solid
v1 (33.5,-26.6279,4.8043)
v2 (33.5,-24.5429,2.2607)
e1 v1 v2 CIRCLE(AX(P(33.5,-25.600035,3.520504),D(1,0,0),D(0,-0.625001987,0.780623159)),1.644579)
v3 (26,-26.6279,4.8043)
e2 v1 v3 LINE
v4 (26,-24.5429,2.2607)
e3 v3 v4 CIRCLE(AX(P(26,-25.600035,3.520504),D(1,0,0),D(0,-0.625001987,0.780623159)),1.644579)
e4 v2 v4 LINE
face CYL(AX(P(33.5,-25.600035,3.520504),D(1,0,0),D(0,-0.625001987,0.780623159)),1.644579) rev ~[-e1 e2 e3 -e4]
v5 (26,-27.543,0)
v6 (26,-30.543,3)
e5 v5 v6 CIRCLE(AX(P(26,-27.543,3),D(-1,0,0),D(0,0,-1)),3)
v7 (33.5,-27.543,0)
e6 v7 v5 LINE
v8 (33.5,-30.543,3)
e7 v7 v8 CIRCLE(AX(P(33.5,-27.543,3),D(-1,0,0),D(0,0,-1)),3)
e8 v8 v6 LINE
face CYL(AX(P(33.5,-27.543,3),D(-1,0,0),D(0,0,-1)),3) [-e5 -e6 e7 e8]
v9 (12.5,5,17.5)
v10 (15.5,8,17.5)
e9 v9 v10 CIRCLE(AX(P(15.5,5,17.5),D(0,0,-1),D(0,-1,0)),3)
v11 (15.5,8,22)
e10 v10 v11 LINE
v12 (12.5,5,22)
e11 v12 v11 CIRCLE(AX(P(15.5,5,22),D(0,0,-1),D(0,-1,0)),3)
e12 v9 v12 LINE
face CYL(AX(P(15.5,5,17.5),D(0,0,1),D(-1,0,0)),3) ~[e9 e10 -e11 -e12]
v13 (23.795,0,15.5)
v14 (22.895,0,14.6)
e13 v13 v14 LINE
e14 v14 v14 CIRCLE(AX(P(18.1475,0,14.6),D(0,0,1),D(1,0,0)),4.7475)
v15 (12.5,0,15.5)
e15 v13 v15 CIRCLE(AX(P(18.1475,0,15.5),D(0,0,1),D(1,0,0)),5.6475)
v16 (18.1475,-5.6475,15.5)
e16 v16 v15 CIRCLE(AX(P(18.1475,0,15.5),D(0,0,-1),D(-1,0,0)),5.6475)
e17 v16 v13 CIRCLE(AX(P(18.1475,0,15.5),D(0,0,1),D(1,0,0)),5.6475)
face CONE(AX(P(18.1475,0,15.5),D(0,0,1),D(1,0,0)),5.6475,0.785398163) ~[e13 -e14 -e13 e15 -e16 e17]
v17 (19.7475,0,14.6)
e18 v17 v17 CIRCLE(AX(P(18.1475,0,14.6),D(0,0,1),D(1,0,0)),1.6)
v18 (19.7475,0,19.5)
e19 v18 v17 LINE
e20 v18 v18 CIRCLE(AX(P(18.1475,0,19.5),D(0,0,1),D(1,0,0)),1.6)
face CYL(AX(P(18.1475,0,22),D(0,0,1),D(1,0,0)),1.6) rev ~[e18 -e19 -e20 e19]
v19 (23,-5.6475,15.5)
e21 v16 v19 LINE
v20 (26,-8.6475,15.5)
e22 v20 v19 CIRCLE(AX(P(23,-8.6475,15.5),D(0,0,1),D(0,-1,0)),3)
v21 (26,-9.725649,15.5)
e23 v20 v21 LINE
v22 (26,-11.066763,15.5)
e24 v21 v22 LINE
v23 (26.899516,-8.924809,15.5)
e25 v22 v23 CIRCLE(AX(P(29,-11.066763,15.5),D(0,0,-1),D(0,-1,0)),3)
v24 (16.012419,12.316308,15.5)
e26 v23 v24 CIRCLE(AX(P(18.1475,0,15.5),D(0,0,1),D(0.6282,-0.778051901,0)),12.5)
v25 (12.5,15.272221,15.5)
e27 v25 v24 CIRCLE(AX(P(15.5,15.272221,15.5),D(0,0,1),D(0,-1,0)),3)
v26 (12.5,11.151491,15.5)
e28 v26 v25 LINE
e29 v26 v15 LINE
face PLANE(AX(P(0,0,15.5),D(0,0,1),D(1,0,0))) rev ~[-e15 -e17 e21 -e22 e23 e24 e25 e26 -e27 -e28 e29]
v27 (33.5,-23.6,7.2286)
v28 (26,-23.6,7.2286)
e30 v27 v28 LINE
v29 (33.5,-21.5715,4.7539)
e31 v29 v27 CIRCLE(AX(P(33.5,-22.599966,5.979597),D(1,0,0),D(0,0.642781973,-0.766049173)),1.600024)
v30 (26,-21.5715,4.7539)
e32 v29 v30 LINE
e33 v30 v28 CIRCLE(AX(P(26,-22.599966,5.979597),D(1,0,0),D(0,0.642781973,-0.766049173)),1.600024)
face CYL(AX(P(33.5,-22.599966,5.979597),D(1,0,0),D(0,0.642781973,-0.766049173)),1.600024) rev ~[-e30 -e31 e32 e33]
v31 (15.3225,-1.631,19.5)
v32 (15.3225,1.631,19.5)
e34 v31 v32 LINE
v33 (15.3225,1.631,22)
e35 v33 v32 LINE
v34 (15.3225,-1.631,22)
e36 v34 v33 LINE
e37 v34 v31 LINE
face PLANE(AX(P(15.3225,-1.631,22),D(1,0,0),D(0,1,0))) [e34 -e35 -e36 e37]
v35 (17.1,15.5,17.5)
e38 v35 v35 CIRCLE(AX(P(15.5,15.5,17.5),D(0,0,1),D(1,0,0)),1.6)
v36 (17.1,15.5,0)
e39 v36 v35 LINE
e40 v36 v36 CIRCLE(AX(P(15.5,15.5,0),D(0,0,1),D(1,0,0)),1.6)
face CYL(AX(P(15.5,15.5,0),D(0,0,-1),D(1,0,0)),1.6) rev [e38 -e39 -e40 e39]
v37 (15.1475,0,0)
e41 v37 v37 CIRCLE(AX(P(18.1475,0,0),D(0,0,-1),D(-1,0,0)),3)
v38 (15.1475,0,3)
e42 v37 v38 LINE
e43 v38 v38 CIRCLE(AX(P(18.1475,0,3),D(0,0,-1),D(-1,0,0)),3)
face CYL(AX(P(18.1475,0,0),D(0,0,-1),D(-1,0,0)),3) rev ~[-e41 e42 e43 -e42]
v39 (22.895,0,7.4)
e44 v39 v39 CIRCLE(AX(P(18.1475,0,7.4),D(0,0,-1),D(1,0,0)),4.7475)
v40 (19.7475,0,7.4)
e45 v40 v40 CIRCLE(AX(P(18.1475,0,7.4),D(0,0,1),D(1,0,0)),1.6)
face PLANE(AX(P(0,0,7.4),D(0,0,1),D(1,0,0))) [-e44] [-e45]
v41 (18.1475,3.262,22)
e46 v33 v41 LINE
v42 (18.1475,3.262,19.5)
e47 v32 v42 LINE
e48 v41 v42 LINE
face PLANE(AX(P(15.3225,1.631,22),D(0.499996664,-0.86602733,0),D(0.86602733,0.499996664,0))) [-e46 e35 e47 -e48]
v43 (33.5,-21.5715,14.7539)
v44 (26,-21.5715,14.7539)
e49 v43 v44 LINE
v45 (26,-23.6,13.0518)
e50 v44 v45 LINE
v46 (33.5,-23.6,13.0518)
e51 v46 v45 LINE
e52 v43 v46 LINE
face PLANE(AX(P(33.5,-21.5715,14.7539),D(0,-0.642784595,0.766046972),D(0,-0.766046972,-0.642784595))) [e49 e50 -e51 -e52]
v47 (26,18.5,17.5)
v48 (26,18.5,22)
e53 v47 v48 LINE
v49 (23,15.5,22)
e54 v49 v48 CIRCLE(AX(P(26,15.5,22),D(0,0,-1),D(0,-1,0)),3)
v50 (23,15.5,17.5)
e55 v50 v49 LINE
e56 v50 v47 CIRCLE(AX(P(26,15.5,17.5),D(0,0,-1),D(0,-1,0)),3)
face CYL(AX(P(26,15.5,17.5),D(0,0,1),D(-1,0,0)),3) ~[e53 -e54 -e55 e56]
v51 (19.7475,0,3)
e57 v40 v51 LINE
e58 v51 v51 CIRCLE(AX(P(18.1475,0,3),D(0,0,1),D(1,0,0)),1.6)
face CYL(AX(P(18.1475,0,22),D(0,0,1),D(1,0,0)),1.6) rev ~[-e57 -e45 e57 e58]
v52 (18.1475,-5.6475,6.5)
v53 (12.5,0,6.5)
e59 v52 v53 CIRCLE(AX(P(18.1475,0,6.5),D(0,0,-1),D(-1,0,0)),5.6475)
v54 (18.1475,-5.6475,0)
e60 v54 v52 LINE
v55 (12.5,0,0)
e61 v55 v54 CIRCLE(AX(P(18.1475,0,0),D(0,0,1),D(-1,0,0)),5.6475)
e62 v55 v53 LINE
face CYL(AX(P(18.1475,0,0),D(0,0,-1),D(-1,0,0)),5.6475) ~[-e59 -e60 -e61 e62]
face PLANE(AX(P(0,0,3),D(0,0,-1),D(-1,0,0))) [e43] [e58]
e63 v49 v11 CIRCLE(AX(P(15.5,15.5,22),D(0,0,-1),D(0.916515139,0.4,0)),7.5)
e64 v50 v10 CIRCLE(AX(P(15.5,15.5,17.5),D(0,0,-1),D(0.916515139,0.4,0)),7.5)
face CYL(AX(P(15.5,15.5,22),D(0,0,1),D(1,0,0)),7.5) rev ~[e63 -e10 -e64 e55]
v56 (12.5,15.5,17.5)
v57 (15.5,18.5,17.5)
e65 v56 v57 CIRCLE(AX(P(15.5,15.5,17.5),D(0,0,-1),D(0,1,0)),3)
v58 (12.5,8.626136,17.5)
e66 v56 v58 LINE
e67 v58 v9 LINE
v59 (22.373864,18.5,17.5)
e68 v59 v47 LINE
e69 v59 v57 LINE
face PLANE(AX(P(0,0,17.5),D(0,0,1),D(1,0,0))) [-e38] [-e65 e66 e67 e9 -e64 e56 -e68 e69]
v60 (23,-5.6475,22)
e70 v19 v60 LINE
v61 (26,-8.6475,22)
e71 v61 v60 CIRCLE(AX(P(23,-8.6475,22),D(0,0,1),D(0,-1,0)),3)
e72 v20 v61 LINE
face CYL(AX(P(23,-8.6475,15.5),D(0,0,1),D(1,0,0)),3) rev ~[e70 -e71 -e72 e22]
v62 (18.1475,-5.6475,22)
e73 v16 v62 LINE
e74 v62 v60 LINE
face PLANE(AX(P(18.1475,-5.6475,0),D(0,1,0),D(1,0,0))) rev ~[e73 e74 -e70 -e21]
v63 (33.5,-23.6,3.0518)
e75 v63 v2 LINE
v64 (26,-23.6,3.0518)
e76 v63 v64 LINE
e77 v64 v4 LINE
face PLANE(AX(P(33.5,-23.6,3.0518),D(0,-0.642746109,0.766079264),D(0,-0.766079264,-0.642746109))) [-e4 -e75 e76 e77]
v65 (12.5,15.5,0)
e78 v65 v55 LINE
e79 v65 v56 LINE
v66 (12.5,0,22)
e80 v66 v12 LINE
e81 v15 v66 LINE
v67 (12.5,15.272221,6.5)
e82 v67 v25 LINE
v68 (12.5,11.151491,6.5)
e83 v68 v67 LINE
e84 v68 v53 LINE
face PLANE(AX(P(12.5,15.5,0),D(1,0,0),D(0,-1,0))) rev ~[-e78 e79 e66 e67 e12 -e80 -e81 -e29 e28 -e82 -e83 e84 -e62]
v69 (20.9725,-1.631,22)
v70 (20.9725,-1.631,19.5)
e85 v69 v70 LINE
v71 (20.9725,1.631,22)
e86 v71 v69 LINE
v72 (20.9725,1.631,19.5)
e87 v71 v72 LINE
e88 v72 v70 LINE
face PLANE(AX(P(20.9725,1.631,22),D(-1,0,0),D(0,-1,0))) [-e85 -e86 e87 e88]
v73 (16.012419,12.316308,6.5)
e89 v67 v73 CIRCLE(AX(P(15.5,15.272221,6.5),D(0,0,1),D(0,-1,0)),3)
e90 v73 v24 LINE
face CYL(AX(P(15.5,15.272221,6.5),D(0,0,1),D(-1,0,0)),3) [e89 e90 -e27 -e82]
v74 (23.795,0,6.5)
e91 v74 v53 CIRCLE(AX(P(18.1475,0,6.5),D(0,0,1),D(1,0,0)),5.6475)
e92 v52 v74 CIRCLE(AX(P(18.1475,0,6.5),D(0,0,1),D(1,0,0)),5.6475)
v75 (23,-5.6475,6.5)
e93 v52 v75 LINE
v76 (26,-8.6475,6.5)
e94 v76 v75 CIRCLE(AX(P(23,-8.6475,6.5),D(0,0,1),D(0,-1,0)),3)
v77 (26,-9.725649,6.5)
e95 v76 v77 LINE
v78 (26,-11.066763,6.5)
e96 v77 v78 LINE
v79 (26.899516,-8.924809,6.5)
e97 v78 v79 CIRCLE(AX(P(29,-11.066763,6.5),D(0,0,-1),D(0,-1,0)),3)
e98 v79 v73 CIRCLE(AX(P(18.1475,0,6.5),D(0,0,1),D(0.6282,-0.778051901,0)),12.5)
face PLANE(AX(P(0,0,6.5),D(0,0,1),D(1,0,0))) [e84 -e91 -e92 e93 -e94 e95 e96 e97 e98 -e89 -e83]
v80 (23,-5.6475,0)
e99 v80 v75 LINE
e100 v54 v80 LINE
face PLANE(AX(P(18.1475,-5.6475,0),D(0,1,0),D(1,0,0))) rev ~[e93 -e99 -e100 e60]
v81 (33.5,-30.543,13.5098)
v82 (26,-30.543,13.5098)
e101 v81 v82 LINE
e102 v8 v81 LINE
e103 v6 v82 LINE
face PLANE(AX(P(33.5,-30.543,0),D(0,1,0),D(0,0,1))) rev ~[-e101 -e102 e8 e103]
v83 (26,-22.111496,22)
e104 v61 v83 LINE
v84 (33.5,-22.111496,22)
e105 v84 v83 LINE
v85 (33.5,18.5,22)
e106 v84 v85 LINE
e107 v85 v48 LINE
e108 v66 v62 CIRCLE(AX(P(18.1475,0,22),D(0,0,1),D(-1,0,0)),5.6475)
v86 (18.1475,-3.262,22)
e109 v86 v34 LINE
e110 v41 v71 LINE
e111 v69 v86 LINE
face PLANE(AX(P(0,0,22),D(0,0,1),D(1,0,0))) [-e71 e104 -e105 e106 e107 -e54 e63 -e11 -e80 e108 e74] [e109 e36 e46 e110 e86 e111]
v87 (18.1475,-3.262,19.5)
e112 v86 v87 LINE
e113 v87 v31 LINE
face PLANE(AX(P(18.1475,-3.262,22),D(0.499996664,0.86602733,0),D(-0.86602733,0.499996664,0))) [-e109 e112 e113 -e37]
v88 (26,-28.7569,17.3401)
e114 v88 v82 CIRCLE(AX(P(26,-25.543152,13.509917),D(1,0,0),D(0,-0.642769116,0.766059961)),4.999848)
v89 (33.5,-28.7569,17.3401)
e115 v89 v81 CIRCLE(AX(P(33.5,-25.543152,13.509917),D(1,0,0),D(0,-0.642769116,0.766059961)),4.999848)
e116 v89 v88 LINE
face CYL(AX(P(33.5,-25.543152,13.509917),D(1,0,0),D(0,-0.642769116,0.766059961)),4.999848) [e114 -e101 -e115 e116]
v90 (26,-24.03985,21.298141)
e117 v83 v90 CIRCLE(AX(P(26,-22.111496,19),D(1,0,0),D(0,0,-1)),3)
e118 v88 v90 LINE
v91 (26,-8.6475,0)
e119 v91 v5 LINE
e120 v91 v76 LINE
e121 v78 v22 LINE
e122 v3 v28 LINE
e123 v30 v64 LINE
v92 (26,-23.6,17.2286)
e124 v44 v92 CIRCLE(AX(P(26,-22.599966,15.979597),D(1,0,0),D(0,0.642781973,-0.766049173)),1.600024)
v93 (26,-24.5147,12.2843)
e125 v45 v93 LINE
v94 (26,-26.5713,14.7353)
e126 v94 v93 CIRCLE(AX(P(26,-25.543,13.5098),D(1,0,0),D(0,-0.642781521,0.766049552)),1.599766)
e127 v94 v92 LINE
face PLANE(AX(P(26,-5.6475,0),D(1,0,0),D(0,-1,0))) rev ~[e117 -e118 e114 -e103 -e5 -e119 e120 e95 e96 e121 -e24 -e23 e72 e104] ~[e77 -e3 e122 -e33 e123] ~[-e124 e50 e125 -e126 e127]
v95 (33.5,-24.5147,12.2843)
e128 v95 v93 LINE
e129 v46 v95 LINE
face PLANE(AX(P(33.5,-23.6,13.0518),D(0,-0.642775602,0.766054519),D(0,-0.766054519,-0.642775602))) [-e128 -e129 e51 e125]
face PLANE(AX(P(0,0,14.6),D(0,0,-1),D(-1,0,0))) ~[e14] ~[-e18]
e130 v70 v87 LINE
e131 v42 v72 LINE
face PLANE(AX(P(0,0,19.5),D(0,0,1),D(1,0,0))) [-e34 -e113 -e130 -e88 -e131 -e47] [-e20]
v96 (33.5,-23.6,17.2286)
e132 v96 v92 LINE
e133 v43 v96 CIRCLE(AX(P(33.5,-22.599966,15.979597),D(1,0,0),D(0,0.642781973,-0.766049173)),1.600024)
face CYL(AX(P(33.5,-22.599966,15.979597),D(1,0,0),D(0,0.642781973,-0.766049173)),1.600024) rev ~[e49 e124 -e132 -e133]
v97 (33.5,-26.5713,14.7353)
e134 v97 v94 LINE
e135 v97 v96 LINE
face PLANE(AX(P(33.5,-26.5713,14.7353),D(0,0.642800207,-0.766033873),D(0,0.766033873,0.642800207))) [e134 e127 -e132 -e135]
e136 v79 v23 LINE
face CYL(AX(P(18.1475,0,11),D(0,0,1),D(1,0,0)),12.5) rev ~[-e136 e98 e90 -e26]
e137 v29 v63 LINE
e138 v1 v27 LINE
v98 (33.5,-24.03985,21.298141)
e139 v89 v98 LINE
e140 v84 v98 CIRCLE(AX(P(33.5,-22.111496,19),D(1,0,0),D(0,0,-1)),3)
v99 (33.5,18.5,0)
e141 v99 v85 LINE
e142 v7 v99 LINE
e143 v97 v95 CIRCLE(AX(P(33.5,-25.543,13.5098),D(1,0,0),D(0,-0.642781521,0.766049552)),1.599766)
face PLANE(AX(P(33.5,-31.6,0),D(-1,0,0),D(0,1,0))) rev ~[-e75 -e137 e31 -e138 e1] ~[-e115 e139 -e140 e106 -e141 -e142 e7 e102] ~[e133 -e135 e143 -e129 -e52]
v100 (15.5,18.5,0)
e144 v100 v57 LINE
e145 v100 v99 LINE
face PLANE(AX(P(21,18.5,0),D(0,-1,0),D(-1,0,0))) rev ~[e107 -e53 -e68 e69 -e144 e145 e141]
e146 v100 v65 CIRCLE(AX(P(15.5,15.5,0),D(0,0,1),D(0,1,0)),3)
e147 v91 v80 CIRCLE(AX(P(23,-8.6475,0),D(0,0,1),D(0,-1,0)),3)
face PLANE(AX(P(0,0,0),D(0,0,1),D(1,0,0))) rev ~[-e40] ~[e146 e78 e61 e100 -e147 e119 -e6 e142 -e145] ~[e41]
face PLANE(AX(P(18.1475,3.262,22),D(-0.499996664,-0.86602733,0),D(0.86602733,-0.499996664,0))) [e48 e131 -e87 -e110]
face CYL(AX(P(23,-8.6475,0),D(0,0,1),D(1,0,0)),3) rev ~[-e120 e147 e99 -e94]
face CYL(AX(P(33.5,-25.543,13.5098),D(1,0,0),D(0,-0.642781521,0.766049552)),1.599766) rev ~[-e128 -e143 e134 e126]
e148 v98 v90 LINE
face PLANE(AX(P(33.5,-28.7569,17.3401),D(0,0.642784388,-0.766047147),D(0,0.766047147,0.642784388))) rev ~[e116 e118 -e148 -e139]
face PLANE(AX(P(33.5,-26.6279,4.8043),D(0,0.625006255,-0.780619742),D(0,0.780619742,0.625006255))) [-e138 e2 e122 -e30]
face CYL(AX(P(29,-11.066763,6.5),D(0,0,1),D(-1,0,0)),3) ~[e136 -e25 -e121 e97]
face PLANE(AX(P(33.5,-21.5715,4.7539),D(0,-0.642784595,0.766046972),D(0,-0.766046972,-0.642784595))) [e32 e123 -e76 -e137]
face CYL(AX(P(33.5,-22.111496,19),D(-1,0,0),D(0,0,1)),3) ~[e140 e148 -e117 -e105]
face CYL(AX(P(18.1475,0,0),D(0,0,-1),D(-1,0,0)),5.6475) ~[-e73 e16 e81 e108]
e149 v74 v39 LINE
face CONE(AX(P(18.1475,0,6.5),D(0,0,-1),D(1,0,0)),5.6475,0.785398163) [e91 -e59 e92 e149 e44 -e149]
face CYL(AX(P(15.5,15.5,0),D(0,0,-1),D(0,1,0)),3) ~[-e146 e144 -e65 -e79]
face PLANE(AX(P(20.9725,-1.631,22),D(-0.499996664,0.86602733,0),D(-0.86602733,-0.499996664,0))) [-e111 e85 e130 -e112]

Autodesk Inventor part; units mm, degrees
ref_plane "YZ Plane" through (0, 0, 0) normal (1, 0, 0) x (0, 1, 0)
ref_plane "XZ Plane" through (0, 0, 0) normal (0, 1, 0) x (-1, 0, 0)
ref_plane "XY Plane" through (0, 0, 0) normal (0, 0, 1) x (1, 0, 0)
sketch "Sketch1" plane through (0, 0, 0) normal (0, 0, 1) x (1, 0, 0)
  arc A0 (18.8782, 11.9777) -> (7.1013, 4.6885) centre (18.1475, 0) ccw projected
  arc A1 (18.8782, 11.9777) -> (21, 13.974) centre (19, 13.974) ccw projected
  line L0 (21, 13.974) -> (21, 19) projected
  arc A2 (21, 19) -> (19, 21) centre (19, 19) ccw projected
  line L1 (19, 21) -> (-19, 21) projected
  arc A3 (-19, 21) -> (-21, 19) centre (-19, 19) ccw projected
  line L2 (-21, 19) -> (-21, -19) projected
  arc A4 (-21, -19) -> (-19, -21) centre (-19, -19) ccw projected
  line L3 (-19, -21) -> (7.9725, -21) projected
  arc A5 (9.9725, -23) -> (7.9725, -21) centre (7.9725, -23) ccw projected
  line L4 (9.9725, -23.6) -> (9.9725, -23) projected
  arc A6 (9.9725, -23.6) -> (11.9725, -25.6) centre (11.9725, -23.6) ccw projected
  line L5 (19, -25.6) -> (11.9725, -25.6) projected
  arc A7 (19, -25.6) -> (21, -23.6) centre (19, -23.6) ccw projected
  line L6 (21, -13.974) -> (21, -23.6) projected
  arc A8 (21, -13.974) -> (18.8782, -11.9777) centre (19, -13.974) ccw projected
  circle A9 centre (-15.5, 15.5) radius 1.6 projected
  circle A10 centre (15.5, -15.5) radius 1.6 projected
  circle A11 centre (-15.5, -15.5) radius 1.6 projected
  circle A12 centre (15.5, 15.5) radius 1.6 projected
  arc A13 (21, 19) -> (19, 21) centre (19, 19) ccw projected
  line L7 (21, 13.974) -> (21, 19) projected
  arc A14 (18.8782, 11.9777) -> (21, 13.974) centre (19, 13.974) ccw projected
  arc A15 (18.8782, 11.9777) -> (9, 7.7668) centre (18.1475, 0) ccw projected
  line L8 (9, 7.7668) -> (9, 19) projected
  arc A16 (9, 19) -> (7, 21) centre (7, 19) ccw projected
  line L9 (19, 21) -> (7, 21) projected
  circle A17 centre (15.5, 15.5) radius 1.6 projected
  arc A18 (15.5, 18.5) -> (12.5, 15.5) centre (15.5, 15.5) ccw
  arc A19 (12.5, 0) -> (18.1475, -5.6475) centre (18.1475, 0) ccw
  line L10 (12.5, 15.5) -> (12.5, 0)
  line L11 (18.1475, -5.6475) -> (26, -5.6475)
  line L12 (26, -5.6475) -> (26, -31.6)
  line L13 (26, -31.6) -> (33.5, -31.6)
  line L14 (33.5, -31.6) -> (33.5, 18.5)
  line L15 (33.5, 18.5) -> (15.5, 18.5)
  arc A20 (5.4082, 4.4443) -> (7.1013, 4.6885) centre (6.1808, 5.0792) ccw projected
  arc A21 (7.1013, -4.6885) -> (18.8782, -11.9777) centre (18.1475, 0) ccw projected
  arc A22 (7.1013, -4.6885) -> (5.4082, -4.4443) centre (6.1808, -5.0792) ccw projected
  arc A23 (5.4082, 4.4443) -> (5.4082, -4.4443) centre (0, 0) ccw projected
  point P0 (0, 0)
  point P1 (29.75, -31.6)
  dimension "d1" = 7.5
  dimension "d2" = 5
  dimension "d3" = 6
  dimension "d39" = 3
extrude "Extrusion1" add sketch "Sketch1" along normal blind 22 contours L10 A18 L15 L0 A1 A0 | A0 A1 L0 L15 L14 L13 L12 L11 A19 L10
sketch "Sketch2" plane through (0, 0, 22) normal (0, 0, 1) x (1, 0, 0)
  circle A0 centre (15.5, 15.5) radius 1.6 projected
  arc A1 (15.5, 18.5) -> (12.5, 15.5) centre (15.5, 15.5) ccw projected
  circle A2 centre (15.5, 15.5) radius 7.5
  point P0 (0, 0)
  dimension "d6" = 15
extrude "Extrusion2" cut sketch "Sketch2" against normal blind 4.5
ref_plane "Work Plane1" through (0, 0, 11) normal (0, 0, 1) x (1, 0, 0)
sketch "Sketch3" plane through (0, 0, 11) normal (0, 0, 1) x (1, 0, 0)
  line L0 (15.5, 18.5) -> (33.5, 18.5) projected
  line L1 (33.5, 18.5) -> (33.5, -31.6) projected
  line L2 (33.5, -31.6) -> (26, -31.6) projected
  line L3 (26, -31.6) -> (26, -5.6475) projected
  line L4 (26, -5.6475) -> (18.1475, -5.6475) projected
  arc A0 (12.5, 0) -> (18.1475, -5.6475) centre (18.1475, 0) ccw projected
  line L5 (12.5, 0) -> (12.5, 15.5) projected
  arc A1 (15.5, 18.5) -> (12.5, 15.5) centre (15.5, 15.5) ccw projected
  circle A2 centre (15.5, 15.5) radius 1.6 projected
  circle A3 centre (18.1475, 0) radius 12.5
  point P0 (0, 0)
  dimension "d11" = 25
extrude "Extrusion3" cut sketch "Sketch3" along normal mid plane 9 contours A3 L3 L4 A0 L5 | L5 A0 L4 L3 A3
sketch "Sketch4" plane through (0, 0, 6.5) normal (0, 0, 1) x (1, 0, 0)
  arc A0 (12.5, 0) -> (18.1475, -5.6475) centre (18.1475, 0) ccw projected
  arc A1 (26, -9.7256) -> (12.5, 11.1515) centre (18.1475, 0) ccw projected
  circle A2 centre (18.1475, 0) radius 5.6475
  point P0 (0, 0)
extrude "Extrusion4" add sketch "Sketch4" along normal blind 0.9 draft -45
mirror "Mirror1" about plane through (0, 0, 11) normal (0, 0, 1) of "Extrusion4"
sketch "Sketch5" plane through (0, 0, 22) normal (0, 0, 1) x (1, 0, 0)
  arc A0 (12.5, 0) -> (18.1475, -5.6475) centre (18.1475, 0) ccw projected
  circle A1 centre (18.1475, 0) radius 1.6
  point P0 (0, 0)
  dimension "d18" = 3.2
extrude "Extrusion5" cut sketch "Sketch5" against normal through all
sketch "Sketch6" plane through (0, 0, 0) normal (0, 0, -1) x (-1, 0, 0)
  circle A0 centre (-18.1475, 0) radius 1.6 projected
  arc A1 (-18.1475, -5.6475) -> (-12.5, 0) centre (-18.1475, 0) ccw projected
  circle A2 centre (-18.1475, 0) radius 3
  point P0 (0, 0)
  dimension "d23" = 6
extrude "Extrusion6" cut sketch "Sketch6" against normal blind 3
sketch "Sketch7" plane through (0, 0, 22) normal (0, 0, 1) x (1, 0, 0)
  circle A0 centre (18.1475, 0) radius 1.6 projected
  arc A1 (12.5, 0) -> (18.1475, -5.6475) centre (18.1475, 0) ccw projected
  line L0 (18.1475, 3.262) -> (20.9725, 1.631)
  line L1 (20.9725, 1.631) -> (20.9725, -1.631)
  line L2 (20.9725, -1.631) -> (18.1475, -3.262)
  line L3 (18.1475, -3.262) -> (15.3225, -1.631)
  line L4 (15.3225, -1.631) -> (15.3225, 1.631)
  line L5 (15.3225, 1.631) -> (18.1475, 3.262)
  point P0 (0, 0)
  dimension "d27" = 5.65
extrude "Extrusion7" cut sketch "Sketch7" against normal blind 2.5
sketch "Sketch8" plane through (33.5, -31.6, 0) normal (1, 0, 0) x (0, 0, -1)
  line L0 (-22, 17.626) -> (0, 17.626) projected
  line L1 (-17.2286, 8) -> (-22, 8) projected
  arc A0 (-14.7539, 10.0285) -> (-17.2286, 8) centre (-15.9796, 9) ccw projected
  line L2 (-14.7539, 10.0285) -> (-13.0518, 8) projected
  line L3 (-7.2286, 8) -> (-13.0518, 8) projected
  arc A1 (-4.7539, 10.0285) -> (-7.2286, 8) centre (-5.9796, 9) ccw projected
  line L4 (-4.7539, 10.0285) -> (-3.0518, 8) projected
  line L5 (0, 8) -> (-3.0518, 8) projected
  line L6 (0, 17.626) -> (0, 8) projected
  line L7 (-13.0518, 8) -> (-12.2843, 7.0853)
  arc A2 (-14.7353, 5.0287) -> (-12.2843, 7.0853) centre (-13.5098, 6.057) ccw
  line L8 (-14.7353, 5.0287) -> (-17.2286, 8)
  line L9 (-3.0518, 8) -> (-2.2607, 7.0571)
  arc A3 (-4.8043, 4.9721) -> (-2.2607, 7.0571) centre (-3.5205, 6) ccw
  line L10 (-4.8043, 4.9721) -> (-7.2286, 8)
  line L11 (-22, 17.626) -> (-22, 8) projected
  point P0 (0, 31.6)
  dimension "d30" = 3
extrude "Extrusion8" cut sketch "Sketch8" against normal through all contours A0 L2 L7 A2 L8 | L9 A3 L10 A1 L4
sketch "Sketch9" plane through (33.5, -31.6, 0) normal (1, 0, 0) x (0, 0, -1)
  line L0 (-4.7539, 10.0285) -> (-2.2607, 7.0571) projected
  line L1 (0, 50.1) -> (0, 0) projected
  line L2 (-22, 0) -> (-22, 50.1) projected
  line L3 (0, 0) -> (-22, 0) projected
  line L4 (0, 1.057) -> (-13.5098, 1.057)
  arc A0 (-17.3401, 2.8431) -> (-13.5098, 1.057) centre (-13.5098, 6.057) ccw
  line L5 (-17.3401, 2.8431) -> (-22, 8.3966)
  arc A1 (-14.7353, 5.0287) -> (-12.2843, 7.0853) centre (-13.5098, 6.057) ccw projected
  point P0 (0, 31.6)
  dimension "d33" = 5
extrude "Extrusion9" cut sketch "Sketch9" against normal through all
fillet "Fillet1" radius 3 8 edges at (26, -5.6475, 18.75) (26, -5.6475, 3.25) (12.5, 11.1515, 11) (26, -9.7256, 11) (29.75, -23.2034, 22) (29.75, -30.543, 0) (12.5, 8.6261, 19.75) (22.3739, 18.5, 19.75)
properties part number "ARM"
